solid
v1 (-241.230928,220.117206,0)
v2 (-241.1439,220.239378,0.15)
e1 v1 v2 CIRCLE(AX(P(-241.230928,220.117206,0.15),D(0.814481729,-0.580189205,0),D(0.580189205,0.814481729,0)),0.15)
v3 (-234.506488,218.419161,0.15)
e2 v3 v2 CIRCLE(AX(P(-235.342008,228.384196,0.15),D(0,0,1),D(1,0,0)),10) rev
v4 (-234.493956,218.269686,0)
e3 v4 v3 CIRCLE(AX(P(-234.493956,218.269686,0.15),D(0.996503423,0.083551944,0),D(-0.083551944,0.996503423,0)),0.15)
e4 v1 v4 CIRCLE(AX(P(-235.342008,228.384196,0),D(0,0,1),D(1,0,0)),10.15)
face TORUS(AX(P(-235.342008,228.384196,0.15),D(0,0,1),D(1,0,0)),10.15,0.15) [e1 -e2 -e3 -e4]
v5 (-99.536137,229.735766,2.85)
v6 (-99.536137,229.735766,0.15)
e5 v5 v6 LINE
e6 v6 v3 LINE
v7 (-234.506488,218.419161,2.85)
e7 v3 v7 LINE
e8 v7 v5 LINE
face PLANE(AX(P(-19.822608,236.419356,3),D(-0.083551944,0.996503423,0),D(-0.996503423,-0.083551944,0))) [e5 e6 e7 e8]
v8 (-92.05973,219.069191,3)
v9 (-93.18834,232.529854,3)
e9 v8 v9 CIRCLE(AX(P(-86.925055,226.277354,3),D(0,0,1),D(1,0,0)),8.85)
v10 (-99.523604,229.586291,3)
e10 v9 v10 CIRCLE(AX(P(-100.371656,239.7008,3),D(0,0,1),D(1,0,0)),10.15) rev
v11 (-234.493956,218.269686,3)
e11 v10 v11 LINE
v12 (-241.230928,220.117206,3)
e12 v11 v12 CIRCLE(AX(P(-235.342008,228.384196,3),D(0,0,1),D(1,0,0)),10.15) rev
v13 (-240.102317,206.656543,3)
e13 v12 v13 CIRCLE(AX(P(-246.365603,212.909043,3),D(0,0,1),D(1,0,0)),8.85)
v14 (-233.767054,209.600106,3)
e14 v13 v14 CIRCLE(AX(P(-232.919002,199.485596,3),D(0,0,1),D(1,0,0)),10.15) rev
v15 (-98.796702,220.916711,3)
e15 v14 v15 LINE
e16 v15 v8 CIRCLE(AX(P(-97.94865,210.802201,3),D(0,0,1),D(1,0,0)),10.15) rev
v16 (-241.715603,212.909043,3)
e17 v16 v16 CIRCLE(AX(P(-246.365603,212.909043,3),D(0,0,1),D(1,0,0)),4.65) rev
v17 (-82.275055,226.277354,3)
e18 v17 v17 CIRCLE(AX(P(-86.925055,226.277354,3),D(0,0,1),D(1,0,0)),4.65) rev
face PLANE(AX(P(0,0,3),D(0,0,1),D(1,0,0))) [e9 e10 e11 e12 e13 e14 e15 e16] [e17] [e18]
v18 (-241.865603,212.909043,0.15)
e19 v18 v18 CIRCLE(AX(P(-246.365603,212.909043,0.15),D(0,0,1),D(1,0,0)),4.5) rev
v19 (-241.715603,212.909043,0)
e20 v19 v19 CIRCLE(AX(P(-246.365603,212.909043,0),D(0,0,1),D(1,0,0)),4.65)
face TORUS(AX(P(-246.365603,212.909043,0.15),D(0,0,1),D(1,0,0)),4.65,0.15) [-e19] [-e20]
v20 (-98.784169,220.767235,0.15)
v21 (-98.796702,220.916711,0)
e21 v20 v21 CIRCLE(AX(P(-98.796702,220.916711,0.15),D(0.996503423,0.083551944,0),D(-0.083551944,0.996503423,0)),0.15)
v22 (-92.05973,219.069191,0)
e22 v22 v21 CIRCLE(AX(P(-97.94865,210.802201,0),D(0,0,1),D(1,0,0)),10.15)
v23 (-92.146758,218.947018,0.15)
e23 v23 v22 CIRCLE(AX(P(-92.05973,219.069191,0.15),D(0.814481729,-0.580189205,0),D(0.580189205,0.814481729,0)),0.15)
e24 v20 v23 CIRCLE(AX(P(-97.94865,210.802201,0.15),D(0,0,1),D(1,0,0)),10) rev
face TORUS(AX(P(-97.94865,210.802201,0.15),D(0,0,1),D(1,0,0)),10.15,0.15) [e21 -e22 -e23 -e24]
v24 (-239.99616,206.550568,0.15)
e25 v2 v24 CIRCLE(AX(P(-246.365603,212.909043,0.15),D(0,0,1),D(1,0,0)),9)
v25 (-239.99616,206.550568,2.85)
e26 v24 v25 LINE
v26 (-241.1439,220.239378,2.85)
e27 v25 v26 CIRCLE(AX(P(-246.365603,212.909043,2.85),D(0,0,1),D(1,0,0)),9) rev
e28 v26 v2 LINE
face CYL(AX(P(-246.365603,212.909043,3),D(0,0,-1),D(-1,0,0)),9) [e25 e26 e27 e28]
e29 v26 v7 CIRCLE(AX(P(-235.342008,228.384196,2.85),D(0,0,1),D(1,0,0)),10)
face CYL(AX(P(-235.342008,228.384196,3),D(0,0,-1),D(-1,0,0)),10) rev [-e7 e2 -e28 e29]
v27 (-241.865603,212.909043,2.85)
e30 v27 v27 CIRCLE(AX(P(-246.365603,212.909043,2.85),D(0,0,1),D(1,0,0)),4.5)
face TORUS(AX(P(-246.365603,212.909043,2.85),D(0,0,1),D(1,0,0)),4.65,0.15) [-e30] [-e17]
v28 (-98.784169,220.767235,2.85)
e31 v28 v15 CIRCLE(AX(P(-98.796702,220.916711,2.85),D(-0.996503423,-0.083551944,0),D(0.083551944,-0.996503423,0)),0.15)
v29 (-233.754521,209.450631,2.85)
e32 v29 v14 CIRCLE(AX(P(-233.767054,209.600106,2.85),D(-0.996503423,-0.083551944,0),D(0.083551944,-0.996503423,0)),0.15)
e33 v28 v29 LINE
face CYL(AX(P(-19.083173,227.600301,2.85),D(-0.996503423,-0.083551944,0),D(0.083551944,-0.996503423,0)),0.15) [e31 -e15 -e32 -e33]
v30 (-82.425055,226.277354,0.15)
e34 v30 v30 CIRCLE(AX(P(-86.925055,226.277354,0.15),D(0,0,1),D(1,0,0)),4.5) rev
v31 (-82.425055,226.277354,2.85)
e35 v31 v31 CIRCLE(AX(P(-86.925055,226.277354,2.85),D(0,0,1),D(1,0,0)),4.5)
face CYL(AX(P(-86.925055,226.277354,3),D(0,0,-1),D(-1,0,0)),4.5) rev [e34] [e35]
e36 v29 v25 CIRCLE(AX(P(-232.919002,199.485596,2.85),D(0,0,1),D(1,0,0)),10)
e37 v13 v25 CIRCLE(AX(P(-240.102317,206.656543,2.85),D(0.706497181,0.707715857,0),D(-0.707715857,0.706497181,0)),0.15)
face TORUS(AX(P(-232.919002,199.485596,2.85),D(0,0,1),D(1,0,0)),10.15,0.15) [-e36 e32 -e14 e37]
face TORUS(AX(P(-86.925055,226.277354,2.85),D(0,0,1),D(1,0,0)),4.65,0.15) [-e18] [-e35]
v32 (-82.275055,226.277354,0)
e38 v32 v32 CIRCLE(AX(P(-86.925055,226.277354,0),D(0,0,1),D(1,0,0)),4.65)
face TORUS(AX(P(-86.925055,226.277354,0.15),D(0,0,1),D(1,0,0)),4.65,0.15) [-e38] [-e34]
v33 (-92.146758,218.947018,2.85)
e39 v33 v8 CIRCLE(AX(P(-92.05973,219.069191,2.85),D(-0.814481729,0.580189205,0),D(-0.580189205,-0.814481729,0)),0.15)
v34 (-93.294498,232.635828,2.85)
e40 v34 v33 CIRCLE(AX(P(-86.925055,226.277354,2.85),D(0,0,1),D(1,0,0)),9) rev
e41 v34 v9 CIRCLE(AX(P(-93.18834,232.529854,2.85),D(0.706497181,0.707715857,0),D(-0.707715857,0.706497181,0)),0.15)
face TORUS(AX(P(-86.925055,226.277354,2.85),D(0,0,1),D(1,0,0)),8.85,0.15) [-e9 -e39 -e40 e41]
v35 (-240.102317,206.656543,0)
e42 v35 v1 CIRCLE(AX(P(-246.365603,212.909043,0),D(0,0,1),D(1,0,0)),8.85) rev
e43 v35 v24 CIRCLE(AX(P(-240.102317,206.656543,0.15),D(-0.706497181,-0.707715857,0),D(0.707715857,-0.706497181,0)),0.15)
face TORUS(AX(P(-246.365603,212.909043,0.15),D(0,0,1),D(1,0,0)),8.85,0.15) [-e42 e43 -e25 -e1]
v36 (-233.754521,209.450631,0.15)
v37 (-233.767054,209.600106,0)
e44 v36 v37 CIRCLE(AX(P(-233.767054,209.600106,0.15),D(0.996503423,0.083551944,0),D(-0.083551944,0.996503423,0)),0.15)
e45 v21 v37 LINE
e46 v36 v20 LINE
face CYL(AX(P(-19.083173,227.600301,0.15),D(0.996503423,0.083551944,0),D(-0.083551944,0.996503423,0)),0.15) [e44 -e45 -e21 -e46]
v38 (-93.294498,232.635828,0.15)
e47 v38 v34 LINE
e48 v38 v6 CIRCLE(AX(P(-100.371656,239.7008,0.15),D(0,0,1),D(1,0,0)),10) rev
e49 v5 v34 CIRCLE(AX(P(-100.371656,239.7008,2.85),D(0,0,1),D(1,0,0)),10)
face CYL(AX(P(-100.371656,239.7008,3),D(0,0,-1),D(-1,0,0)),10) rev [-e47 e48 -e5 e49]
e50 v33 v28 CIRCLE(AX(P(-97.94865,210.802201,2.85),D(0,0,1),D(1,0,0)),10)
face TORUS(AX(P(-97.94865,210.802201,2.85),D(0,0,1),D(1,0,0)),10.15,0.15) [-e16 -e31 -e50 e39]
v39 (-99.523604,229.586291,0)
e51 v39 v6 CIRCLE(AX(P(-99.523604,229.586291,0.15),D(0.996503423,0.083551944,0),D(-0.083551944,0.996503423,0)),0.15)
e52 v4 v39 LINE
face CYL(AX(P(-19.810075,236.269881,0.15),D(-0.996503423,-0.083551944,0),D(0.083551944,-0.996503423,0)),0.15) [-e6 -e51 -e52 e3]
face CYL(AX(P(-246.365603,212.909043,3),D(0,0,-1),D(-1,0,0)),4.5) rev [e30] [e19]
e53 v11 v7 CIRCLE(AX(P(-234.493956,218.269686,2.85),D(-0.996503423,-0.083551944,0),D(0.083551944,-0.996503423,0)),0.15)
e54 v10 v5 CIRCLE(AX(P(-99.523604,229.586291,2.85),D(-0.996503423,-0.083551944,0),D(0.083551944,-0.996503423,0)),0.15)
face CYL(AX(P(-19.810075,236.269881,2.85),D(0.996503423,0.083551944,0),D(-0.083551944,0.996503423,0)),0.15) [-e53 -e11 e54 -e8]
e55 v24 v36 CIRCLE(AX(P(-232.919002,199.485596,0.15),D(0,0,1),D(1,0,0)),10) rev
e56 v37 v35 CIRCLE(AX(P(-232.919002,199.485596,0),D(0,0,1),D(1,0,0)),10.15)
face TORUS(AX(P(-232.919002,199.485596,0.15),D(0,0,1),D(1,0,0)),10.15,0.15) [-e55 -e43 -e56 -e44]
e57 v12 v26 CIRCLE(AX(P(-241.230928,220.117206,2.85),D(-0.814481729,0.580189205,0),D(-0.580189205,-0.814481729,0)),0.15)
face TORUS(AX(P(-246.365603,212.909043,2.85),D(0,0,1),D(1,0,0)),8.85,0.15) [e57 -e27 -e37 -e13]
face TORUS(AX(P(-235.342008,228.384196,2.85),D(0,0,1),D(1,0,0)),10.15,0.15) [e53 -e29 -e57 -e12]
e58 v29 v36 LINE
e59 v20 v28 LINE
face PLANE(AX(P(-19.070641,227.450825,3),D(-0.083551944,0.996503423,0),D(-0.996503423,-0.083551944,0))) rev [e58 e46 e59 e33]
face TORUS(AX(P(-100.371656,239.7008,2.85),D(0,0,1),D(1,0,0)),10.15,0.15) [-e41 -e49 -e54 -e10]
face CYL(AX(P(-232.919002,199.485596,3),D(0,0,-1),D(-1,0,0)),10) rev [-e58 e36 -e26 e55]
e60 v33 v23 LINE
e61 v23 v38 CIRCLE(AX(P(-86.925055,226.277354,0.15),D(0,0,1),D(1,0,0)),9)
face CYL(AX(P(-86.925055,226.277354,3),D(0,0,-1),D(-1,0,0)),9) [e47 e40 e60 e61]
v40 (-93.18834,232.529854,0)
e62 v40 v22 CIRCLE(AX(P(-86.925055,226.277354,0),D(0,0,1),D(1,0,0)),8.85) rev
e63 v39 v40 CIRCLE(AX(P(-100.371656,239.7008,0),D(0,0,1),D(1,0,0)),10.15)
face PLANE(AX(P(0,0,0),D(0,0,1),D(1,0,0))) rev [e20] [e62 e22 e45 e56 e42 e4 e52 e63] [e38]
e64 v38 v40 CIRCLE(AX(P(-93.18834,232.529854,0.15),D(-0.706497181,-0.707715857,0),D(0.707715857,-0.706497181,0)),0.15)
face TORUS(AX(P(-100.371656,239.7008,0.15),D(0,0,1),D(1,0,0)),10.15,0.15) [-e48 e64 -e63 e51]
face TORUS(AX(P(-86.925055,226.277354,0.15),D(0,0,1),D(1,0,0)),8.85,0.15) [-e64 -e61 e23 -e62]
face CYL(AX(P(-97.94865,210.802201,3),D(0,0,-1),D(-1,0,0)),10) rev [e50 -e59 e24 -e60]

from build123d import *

# Parameters (mm, degrees)
SZKIC2_R                    = 4.5
DODANIE_WYCI_GNI_CIE1_DEPTH = 3
ZAOKR_GLENIE1_R             = 10
ZAOKR_GLENIE2_R             = 10
ZAOKR_GLENIE3_R             = 10
ZAOKR_GLENIE4_R             = 10
ZAOKR_GLENIE5_R             = 0.15


with BuildPart() as part:
    # Szkic2 → Dodanie-wyciągnięcie1 (new body)
    with BuildSketch(Plane.XY):
        with BuildLine():
            ThreePointArc((-238.974611052, 218.044531173), (-255.334133629, 212.157075316), (-238.222643555, 209.076000363))
            Line((-238.222643555, 209.076000363), (-94.31604686, 221.141865505))
            ThreePointArc((-94.31604686, 221.141865505), (-77.956524282, 227.029321361), (-95.068014356, 230.110396314))
            Line((-95.068014356, 230.110396314), (-238.974611052, 218.044531173))
        make_face()
        with Locations((-246.36560282, 212.909042813)):
            Circle(SZKIC2_R, mode=Mode.SUBTRACT)
        with Locations((-86.925055092, 226.277353864)):
            Circle(SZKIC2_R, mode=Mode.SUBTRACT)
    extrude(amount=DODANIE_WYCI_GNI_CIE1_DEPTH)

    # Zaokrąglenie1
    zaokr_glenie1_edges = [part.edges().sort_by_distance(p)[0] for p in [
        (-238.974611052, 218.044531173, 1.5),
    ]]
    fillet(zaokr_glenie1_edges, radius=ZAOKR_GLENIE1_R)

    # Zaokrąglenie2
    zaokr_glenie2_edges = [part.edges().sort_by_distance(p)[0] for p in [
        (-238.222643555, 209.076000363, 1.5),
    ]]
    fillet(zaokr_glenie2_edges, radius=ZAOKR_GLENIE2_R)

    # Zaokrąglenie3
    zaokr_glenie3_edges = [part.edges().sort_by_distance(p)[0] for p in [
        (-95.068014356, 230.110396314, 1.5),
    ]]
    fillet(zaokr_glenie3_edges, radius=ZAOKR_GLENIE3_R)

    # Zaokrąglenie4
    zaokr_glenie4_edges = [part.edges().sort_by_distance(p)[0] for p in [
        (-94.31604686, 221.141865505, 1.5),
    ]]
    fillet(zaokr_glenie4_edges, radius=ZAOKR_GLENIE4_R)

    # Zaokrąglenie5
    zaokr_glenie5_edges = [part.edges().sort_by_distance(p)[0] for p in [
        (-91.425055092, 226.277353864, 0),
        (-255.334133629, 212.157075316, 0),
        (-255.334133629, 212.157075316, 3),
        (-167.021312704, 224.077463743, 0),
        (-167.021312704, 224.077463743, 3),
        (-237.986721831, 218.740260342, 0),
        (-237.986721831, 218.740260342, 3),
        (-250.86560282, 212.909042813, 3),
        (-166.269345207, 215.108932934, 0),
        (-166.269345207, 215.108932934, 3),
        (-237.132694559, 208.554487777, 0),
        (-237.132694559, 208.554487777, 3),
        (-96.157963353, 230.6319089, 0),
        (-96.157963353, 230.6319089, 3),
        (-77.956524282, 227.029321361, 0),
        (-77.956524282, 227.029321361, 3),
        (-95.303936081, 220.446136335, 0),
        (-95.303936081, 220.446136335, 3),
        (-91.425055092, 226.277353864, 3),
        (-250.86560282, 212.909042813, 0),
    ]]
    fillet(zaokr_glenie5_edges, radius=ZAOKR_GLENIE5_R)


solid = part.part
